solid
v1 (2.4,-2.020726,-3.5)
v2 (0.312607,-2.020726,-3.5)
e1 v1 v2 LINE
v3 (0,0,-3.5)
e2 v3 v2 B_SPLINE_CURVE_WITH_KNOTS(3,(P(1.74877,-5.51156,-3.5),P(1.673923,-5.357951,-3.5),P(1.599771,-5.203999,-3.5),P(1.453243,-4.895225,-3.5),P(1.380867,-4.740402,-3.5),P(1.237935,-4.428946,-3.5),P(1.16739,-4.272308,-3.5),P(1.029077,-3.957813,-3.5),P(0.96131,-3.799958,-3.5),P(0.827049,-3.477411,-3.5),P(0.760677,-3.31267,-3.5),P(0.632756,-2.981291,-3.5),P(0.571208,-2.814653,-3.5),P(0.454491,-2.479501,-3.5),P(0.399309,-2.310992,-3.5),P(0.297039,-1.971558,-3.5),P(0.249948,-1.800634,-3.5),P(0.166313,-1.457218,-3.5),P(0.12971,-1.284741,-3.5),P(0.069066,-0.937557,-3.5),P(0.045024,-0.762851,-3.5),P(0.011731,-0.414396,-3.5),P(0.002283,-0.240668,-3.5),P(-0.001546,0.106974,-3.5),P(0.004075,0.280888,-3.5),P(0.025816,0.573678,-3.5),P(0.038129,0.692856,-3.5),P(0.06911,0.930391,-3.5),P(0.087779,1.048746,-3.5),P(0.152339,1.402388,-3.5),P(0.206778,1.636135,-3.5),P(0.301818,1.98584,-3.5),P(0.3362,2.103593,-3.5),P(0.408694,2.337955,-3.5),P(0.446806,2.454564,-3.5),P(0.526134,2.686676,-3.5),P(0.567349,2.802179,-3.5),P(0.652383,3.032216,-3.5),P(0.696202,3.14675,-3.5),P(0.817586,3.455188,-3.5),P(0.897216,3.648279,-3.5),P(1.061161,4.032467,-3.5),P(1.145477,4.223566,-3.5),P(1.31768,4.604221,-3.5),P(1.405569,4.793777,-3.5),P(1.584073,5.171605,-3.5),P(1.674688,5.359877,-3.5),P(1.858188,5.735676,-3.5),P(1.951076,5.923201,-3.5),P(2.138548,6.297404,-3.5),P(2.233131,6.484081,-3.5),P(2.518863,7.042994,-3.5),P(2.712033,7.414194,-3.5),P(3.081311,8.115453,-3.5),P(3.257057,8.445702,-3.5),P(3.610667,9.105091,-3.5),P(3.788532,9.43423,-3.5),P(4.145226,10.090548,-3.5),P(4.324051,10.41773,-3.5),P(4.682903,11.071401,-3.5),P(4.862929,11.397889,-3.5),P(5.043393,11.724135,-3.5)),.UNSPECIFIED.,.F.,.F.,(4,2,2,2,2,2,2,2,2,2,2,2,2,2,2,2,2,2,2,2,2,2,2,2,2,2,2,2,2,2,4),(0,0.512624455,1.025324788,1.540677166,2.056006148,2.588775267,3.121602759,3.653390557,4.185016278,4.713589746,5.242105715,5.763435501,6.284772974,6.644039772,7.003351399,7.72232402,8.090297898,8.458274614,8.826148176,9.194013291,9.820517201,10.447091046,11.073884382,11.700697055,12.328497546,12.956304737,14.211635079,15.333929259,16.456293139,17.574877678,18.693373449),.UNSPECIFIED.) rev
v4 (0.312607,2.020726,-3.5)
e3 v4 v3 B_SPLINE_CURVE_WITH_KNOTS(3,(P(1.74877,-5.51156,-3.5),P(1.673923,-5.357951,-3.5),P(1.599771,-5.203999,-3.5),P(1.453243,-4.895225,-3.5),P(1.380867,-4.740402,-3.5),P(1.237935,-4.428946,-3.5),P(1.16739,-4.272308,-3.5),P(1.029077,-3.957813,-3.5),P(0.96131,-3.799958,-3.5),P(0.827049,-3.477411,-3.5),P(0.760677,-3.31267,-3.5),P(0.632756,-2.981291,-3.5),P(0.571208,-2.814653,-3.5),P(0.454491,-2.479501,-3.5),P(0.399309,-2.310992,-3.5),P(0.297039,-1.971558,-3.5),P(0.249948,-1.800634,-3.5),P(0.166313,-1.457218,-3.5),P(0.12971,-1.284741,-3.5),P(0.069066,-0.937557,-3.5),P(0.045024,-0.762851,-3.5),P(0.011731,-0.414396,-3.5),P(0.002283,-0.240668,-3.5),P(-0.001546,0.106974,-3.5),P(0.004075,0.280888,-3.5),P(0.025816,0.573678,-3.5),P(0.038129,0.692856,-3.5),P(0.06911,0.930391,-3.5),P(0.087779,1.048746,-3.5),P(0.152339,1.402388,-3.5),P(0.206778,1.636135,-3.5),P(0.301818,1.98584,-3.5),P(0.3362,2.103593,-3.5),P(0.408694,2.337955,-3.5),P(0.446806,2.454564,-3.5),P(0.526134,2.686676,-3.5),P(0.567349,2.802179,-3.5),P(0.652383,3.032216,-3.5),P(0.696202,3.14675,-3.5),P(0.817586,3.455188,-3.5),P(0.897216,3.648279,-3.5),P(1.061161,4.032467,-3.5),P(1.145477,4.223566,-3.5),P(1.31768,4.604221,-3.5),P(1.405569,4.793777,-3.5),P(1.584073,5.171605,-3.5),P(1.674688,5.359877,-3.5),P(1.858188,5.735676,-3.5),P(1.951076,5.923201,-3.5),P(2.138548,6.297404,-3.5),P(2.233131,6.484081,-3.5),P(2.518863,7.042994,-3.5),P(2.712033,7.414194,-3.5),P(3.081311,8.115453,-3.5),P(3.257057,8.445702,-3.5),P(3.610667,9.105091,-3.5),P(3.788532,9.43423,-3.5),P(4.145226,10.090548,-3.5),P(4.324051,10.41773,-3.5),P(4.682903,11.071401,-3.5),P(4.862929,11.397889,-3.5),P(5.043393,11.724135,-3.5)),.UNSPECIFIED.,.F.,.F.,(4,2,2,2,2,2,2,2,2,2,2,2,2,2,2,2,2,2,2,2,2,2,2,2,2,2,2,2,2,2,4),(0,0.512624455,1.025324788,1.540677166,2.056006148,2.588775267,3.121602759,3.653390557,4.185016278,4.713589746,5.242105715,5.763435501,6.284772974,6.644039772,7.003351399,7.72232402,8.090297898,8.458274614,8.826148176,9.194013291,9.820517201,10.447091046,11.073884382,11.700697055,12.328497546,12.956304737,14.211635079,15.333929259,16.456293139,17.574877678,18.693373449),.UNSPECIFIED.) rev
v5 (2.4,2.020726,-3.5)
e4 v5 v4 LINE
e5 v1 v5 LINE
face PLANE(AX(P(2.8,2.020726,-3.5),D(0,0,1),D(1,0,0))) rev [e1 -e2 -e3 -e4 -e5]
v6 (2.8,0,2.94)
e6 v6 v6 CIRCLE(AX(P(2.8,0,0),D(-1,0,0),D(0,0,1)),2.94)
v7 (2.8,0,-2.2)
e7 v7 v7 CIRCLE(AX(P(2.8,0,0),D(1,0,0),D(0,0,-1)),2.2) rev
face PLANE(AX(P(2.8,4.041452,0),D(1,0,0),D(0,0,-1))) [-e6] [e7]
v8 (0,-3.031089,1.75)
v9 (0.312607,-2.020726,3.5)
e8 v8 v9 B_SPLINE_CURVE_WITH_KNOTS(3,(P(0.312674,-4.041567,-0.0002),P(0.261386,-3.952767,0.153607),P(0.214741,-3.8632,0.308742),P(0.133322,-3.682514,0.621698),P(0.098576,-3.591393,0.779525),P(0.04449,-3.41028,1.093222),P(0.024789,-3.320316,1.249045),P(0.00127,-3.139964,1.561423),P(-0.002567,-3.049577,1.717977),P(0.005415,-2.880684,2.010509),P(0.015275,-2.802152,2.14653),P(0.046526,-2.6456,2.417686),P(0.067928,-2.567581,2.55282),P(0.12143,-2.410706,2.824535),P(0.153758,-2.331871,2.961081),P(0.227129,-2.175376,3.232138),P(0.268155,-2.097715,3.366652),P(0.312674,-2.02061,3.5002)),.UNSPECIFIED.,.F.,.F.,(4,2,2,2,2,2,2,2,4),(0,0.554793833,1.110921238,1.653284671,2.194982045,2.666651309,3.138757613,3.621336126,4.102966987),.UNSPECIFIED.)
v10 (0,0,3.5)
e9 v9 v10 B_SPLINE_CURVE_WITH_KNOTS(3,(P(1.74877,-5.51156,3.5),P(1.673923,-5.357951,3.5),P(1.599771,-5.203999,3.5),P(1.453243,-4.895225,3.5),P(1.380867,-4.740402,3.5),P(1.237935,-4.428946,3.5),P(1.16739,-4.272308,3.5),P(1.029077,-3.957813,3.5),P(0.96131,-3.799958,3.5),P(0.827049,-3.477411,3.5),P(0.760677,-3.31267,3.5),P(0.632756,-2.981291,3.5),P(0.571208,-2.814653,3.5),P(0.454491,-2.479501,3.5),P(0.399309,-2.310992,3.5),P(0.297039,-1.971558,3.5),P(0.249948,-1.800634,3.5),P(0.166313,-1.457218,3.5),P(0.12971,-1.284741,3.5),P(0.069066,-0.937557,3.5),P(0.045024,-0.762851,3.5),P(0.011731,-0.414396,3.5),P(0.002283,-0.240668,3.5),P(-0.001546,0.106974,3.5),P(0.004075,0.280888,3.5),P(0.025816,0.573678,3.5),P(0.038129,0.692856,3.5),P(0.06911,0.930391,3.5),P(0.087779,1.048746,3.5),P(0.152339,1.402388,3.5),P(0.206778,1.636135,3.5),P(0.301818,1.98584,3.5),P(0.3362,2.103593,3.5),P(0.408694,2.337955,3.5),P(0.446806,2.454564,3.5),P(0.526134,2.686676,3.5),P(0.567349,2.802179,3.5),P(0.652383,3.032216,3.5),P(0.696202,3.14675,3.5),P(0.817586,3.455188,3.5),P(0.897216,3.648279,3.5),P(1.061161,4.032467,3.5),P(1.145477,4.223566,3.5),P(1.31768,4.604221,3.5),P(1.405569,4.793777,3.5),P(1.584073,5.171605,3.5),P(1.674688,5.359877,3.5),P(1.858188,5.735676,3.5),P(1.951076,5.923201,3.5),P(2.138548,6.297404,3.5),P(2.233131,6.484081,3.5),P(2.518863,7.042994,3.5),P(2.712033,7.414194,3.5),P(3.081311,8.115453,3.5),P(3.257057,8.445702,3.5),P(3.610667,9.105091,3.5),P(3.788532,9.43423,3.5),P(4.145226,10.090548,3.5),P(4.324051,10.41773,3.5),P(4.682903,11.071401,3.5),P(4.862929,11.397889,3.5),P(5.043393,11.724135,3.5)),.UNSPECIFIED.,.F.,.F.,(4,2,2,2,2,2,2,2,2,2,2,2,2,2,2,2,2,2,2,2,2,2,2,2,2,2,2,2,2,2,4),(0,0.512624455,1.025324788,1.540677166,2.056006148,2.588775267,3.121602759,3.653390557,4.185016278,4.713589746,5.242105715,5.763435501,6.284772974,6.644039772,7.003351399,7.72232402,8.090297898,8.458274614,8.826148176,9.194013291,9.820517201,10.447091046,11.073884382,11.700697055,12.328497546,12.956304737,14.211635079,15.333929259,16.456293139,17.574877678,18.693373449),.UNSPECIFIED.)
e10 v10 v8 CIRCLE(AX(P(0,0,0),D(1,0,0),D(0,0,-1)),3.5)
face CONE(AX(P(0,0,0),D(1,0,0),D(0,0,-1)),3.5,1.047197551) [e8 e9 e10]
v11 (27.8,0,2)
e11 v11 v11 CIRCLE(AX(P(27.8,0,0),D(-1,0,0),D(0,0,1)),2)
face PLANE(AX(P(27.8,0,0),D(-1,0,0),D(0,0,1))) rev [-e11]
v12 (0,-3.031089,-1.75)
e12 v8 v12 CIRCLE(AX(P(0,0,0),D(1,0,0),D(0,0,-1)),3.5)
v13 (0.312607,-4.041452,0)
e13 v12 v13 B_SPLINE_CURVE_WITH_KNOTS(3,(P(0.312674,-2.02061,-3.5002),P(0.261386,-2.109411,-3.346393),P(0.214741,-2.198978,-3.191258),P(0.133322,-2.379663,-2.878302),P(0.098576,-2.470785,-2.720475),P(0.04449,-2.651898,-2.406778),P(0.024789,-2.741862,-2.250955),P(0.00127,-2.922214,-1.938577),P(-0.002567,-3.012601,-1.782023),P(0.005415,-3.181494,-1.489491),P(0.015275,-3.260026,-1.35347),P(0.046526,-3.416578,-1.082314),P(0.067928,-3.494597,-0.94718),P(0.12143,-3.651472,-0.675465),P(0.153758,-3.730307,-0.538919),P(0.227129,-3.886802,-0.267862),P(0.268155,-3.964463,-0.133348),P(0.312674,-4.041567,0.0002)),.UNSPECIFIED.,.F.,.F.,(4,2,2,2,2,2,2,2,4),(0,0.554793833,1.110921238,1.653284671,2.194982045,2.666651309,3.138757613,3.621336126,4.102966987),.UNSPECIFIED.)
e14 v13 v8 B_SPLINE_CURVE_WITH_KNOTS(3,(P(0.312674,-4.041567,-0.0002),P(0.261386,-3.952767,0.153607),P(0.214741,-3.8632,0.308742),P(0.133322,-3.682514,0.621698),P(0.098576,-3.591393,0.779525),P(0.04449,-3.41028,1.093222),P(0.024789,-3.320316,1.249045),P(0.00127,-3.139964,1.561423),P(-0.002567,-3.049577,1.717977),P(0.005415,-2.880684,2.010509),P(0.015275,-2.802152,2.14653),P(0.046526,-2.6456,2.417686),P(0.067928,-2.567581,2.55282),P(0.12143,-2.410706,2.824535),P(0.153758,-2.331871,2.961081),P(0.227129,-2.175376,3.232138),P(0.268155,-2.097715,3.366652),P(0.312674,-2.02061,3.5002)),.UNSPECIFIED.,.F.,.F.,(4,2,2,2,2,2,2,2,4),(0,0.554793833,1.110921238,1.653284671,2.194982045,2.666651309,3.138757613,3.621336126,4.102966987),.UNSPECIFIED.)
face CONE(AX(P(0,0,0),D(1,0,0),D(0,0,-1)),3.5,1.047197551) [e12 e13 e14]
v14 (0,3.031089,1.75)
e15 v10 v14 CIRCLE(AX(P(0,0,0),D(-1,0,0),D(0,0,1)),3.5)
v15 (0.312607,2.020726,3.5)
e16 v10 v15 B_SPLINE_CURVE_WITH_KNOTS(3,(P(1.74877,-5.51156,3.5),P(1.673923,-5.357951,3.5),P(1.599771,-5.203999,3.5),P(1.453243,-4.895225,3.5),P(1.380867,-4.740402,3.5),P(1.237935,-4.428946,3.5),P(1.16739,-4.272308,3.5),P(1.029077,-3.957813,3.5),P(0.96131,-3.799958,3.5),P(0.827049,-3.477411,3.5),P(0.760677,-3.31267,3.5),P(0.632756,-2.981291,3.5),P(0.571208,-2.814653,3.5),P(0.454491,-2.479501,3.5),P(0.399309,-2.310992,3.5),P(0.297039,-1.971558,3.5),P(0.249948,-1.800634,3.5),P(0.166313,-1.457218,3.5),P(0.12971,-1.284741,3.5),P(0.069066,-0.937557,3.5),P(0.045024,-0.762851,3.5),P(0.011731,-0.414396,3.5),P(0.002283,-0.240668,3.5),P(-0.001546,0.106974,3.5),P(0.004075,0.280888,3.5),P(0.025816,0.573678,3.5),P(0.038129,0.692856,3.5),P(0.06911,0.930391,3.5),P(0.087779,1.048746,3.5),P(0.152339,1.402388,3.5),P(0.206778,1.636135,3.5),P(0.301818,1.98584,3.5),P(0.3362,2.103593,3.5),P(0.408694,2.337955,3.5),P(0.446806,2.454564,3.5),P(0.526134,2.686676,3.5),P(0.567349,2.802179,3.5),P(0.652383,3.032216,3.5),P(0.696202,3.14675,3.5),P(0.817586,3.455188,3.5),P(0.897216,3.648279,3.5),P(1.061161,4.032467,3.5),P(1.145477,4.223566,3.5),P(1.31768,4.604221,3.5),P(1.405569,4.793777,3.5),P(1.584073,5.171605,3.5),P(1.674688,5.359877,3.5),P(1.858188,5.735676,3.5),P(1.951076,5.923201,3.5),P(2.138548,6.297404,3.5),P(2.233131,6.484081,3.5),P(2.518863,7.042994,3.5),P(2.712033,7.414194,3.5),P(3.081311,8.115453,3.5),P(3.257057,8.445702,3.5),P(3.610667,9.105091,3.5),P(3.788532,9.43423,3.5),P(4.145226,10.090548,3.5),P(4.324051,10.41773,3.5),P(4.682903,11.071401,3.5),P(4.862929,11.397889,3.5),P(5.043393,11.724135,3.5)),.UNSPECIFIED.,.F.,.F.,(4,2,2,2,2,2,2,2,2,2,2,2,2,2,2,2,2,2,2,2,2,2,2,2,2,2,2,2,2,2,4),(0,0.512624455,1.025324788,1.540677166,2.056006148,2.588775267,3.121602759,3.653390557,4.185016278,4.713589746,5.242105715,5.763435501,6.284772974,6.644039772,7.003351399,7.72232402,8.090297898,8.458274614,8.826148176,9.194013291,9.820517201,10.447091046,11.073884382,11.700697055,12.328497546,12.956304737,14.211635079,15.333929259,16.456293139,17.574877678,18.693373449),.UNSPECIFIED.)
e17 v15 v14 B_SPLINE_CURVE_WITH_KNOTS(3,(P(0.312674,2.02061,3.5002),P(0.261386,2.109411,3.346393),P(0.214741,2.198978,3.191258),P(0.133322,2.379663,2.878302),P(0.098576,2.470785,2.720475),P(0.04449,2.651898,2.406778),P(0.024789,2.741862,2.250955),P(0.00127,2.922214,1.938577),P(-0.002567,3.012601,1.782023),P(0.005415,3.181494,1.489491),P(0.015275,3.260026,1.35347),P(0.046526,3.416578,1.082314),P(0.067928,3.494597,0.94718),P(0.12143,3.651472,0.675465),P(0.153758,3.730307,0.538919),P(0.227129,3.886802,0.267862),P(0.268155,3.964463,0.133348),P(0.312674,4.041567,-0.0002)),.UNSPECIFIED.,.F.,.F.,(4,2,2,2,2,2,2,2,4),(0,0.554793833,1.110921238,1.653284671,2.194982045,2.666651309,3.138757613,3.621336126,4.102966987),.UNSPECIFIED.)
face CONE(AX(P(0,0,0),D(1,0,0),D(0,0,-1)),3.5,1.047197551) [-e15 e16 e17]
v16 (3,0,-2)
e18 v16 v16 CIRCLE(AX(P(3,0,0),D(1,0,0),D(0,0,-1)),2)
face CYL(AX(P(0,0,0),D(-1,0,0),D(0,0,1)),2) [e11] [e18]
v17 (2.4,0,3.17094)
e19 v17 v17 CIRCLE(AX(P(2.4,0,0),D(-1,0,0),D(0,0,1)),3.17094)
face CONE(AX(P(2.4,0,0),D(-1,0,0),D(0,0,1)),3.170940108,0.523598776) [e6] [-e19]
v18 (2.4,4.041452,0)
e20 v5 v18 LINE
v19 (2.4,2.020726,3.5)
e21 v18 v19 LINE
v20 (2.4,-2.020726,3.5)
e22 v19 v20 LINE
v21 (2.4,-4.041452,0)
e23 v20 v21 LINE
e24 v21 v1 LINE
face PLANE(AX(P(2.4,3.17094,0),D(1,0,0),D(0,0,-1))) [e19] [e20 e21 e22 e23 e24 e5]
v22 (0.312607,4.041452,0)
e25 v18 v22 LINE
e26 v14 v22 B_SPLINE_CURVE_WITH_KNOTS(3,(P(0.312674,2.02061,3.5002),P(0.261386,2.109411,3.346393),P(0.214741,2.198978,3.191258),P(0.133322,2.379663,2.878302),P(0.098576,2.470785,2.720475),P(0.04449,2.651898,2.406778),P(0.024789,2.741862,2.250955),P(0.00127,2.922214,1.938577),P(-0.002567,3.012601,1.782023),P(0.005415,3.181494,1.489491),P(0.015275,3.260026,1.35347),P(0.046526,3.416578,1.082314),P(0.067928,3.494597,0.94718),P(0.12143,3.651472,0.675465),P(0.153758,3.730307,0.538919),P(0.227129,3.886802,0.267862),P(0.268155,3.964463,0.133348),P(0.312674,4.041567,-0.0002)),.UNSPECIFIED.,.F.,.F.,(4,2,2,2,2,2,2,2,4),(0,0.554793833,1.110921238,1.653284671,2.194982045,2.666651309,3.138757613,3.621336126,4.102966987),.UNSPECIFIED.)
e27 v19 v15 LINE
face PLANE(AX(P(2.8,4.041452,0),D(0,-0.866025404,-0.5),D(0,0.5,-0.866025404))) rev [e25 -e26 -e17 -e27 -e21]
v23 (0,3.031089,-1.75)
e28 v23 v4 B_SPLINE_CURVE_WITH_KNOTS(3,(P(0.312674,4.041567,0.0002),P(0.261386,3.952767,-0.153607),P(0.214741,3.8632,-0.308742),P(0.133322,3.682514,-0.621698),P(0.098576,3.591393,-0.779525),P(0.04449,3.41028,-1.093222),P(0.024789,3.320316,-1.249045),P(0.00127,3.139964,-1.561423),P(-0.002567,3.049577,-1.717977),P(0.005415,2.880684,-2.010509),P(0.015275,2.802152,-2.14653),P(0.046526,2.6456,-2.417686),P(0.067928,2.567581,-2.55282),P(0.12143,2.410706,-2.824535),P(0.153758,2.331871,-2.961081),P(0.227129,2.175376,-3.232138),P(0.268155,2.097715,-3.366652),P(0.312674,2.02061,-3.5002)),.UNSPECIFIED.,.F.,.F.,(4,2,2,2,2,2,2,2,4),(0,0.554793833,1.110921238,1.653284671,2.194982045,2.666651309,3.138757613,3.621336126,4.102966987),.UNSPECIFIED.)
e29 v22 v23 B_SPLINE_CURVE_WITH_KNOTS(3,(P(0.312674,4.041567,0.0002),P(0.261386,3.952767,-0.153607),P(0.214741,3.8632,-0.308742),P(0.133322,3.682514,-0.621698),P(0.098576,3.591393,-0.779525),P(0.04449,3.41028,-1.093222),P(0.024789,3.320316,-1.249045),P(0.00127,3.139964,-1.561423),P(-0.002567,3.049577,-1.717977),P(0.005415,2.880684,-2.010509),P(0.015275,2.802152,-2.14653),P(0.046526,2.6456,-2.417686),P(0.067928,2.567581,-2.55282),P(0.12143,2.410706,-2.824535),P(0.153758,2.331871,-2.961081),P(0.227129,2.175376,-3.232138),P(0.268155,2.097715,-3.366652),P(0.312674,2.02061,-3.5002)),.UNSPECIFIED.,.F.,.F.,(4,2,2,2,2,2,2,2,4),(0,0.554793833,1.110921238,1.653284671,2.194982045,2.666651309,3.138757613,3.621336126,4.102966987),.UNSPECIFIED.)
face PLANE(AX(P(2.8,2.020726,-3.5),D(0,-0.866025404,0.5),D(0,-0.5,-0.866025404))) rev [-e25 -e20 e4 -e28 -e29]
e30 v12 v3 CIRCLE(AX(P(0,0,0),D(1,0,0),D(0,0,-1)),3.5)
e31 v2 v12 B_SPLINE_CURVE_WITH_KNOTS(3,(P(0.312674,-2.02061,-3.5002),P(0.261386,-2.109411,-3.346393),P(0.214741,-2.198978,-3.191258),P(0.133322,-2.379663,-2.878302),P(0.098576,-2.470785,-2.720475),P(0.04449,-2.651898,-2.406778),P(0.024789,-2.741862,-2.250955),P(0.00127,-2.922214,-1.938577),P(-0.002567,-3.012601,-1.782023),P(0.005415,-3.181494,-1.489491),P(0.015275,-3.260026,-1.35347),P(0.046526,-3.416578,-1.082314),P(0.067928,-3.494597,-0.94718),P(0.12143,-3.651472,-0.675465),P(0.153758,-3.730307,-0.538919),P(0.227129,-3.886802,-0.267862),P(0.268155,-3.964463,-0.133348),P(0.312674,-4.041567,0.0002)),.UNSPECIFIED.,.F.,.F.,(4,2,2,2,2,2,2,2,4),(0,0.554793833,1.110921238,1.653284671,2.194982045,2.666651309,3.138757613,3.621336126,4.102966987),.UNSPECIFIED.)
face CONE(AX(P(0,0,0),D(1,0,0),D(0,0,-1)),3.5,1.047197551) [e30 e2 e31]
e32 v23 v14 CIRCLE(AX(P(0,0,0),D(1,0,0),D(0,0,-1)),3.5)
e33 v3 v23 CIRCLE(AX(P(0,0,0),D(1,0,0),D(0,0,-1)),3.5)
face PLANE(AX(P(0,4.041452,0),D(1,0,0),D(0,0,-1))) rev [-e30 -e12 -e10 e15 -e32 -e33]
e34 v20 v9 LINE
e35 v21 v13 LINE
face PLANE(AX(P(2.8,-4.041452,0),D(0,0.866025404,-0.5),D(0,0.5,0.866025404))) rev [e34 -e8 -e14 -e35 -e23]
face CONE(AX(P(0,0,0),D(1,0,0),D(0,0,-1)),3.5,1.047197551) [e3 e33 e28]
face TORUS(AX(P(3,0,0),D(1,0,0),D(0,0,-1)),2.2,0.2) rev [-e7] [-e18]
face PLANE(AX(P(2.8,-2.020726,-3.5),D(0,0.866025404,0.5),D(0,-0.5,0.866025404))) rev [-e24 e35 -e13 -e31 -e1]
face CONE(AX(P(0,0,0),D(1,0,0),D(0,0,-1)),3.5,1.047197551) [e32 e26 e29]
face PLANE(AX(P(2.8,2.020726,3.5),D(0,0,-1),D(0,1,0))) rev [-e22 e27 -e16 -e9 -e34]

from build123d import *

# Parameters (mm, degrees)
EXTRUDE_384_DEPTH = 2.8
FILLET_1305_R     = 0.2


with BuildPart() as part:
    # 草图1 → Extrude 384 (new body)
    with BuildSketch(Plane(origin=(0, 0, 0), x_dir=(0, 0, -1), z_dir=(1, 0, 0))):
        Polygon((3.5, 2.020725942), (3.5, -2.020725942), (0, -4.041451884), (-3.5, -2.020725942), (-3.5, 2.020725942), (0, 4.041451884), align=None)
    extrude(amount=EXTRUDE_384_DEPTH)

    # 草图2 → 凸台-旋转1 (revolve)
    with BuildSketch(Plane.XY, mode=Mode.PRIVATE) as revolve_1_sk:
        Polygon((0, 0), (27.8, 0), (27.8, 1.3938), (27.8, 2), (13.8, 2), (0, 2), align=None)
    revolve(revolve_1_sk.sketch.rotate(Axis((0, 0, 0), (1, 0, 0)), 90), axis=Axis((0, 0, 0), (1, 0, 0)))

    # 草图3 → 切除-旋转1 (revolve, cut)
    with BuildSketch(Plane.XY):
        Polygon((0, 3.5), (3.199358737, 9.041451884), (3.199358737, 14.041451884), (-10, 14.041451884), (-10, 3.5), align=None)
    revolve(axis=Axis((0, 0, 0), (1, 0, 0)), mode=Mode.SUBTRACT)

    # 草图4 → 切除-旋转3 (revolve, cut)
    with BuildSketch(Plane.XY, mode=Mode.PRIVATE) as cut_revolve_3_sk:
        Polygon((2.8, 2.94), (2.4, 3.170940108), (2.4, 4.041451884), (2.8, 4.041451884), align=None)
    revolve(cut_revolve_3_sk.sketch.rotate(Axis((0, 0, 0), (1, 0, 0)), 90), axis=Axis((0, 0, 0), (1, 0, 0)), mode=Mode.SUBTRACT)

    # Fillet 1305
    fillet_1305_edges = [part.edges().sort_by_distance(p)[0] for p in [
        (2.8, 0, -2),
    ]]
    fillet(fillet_1305_edges, radius=FILLET_1305_R)


solid = part.part
